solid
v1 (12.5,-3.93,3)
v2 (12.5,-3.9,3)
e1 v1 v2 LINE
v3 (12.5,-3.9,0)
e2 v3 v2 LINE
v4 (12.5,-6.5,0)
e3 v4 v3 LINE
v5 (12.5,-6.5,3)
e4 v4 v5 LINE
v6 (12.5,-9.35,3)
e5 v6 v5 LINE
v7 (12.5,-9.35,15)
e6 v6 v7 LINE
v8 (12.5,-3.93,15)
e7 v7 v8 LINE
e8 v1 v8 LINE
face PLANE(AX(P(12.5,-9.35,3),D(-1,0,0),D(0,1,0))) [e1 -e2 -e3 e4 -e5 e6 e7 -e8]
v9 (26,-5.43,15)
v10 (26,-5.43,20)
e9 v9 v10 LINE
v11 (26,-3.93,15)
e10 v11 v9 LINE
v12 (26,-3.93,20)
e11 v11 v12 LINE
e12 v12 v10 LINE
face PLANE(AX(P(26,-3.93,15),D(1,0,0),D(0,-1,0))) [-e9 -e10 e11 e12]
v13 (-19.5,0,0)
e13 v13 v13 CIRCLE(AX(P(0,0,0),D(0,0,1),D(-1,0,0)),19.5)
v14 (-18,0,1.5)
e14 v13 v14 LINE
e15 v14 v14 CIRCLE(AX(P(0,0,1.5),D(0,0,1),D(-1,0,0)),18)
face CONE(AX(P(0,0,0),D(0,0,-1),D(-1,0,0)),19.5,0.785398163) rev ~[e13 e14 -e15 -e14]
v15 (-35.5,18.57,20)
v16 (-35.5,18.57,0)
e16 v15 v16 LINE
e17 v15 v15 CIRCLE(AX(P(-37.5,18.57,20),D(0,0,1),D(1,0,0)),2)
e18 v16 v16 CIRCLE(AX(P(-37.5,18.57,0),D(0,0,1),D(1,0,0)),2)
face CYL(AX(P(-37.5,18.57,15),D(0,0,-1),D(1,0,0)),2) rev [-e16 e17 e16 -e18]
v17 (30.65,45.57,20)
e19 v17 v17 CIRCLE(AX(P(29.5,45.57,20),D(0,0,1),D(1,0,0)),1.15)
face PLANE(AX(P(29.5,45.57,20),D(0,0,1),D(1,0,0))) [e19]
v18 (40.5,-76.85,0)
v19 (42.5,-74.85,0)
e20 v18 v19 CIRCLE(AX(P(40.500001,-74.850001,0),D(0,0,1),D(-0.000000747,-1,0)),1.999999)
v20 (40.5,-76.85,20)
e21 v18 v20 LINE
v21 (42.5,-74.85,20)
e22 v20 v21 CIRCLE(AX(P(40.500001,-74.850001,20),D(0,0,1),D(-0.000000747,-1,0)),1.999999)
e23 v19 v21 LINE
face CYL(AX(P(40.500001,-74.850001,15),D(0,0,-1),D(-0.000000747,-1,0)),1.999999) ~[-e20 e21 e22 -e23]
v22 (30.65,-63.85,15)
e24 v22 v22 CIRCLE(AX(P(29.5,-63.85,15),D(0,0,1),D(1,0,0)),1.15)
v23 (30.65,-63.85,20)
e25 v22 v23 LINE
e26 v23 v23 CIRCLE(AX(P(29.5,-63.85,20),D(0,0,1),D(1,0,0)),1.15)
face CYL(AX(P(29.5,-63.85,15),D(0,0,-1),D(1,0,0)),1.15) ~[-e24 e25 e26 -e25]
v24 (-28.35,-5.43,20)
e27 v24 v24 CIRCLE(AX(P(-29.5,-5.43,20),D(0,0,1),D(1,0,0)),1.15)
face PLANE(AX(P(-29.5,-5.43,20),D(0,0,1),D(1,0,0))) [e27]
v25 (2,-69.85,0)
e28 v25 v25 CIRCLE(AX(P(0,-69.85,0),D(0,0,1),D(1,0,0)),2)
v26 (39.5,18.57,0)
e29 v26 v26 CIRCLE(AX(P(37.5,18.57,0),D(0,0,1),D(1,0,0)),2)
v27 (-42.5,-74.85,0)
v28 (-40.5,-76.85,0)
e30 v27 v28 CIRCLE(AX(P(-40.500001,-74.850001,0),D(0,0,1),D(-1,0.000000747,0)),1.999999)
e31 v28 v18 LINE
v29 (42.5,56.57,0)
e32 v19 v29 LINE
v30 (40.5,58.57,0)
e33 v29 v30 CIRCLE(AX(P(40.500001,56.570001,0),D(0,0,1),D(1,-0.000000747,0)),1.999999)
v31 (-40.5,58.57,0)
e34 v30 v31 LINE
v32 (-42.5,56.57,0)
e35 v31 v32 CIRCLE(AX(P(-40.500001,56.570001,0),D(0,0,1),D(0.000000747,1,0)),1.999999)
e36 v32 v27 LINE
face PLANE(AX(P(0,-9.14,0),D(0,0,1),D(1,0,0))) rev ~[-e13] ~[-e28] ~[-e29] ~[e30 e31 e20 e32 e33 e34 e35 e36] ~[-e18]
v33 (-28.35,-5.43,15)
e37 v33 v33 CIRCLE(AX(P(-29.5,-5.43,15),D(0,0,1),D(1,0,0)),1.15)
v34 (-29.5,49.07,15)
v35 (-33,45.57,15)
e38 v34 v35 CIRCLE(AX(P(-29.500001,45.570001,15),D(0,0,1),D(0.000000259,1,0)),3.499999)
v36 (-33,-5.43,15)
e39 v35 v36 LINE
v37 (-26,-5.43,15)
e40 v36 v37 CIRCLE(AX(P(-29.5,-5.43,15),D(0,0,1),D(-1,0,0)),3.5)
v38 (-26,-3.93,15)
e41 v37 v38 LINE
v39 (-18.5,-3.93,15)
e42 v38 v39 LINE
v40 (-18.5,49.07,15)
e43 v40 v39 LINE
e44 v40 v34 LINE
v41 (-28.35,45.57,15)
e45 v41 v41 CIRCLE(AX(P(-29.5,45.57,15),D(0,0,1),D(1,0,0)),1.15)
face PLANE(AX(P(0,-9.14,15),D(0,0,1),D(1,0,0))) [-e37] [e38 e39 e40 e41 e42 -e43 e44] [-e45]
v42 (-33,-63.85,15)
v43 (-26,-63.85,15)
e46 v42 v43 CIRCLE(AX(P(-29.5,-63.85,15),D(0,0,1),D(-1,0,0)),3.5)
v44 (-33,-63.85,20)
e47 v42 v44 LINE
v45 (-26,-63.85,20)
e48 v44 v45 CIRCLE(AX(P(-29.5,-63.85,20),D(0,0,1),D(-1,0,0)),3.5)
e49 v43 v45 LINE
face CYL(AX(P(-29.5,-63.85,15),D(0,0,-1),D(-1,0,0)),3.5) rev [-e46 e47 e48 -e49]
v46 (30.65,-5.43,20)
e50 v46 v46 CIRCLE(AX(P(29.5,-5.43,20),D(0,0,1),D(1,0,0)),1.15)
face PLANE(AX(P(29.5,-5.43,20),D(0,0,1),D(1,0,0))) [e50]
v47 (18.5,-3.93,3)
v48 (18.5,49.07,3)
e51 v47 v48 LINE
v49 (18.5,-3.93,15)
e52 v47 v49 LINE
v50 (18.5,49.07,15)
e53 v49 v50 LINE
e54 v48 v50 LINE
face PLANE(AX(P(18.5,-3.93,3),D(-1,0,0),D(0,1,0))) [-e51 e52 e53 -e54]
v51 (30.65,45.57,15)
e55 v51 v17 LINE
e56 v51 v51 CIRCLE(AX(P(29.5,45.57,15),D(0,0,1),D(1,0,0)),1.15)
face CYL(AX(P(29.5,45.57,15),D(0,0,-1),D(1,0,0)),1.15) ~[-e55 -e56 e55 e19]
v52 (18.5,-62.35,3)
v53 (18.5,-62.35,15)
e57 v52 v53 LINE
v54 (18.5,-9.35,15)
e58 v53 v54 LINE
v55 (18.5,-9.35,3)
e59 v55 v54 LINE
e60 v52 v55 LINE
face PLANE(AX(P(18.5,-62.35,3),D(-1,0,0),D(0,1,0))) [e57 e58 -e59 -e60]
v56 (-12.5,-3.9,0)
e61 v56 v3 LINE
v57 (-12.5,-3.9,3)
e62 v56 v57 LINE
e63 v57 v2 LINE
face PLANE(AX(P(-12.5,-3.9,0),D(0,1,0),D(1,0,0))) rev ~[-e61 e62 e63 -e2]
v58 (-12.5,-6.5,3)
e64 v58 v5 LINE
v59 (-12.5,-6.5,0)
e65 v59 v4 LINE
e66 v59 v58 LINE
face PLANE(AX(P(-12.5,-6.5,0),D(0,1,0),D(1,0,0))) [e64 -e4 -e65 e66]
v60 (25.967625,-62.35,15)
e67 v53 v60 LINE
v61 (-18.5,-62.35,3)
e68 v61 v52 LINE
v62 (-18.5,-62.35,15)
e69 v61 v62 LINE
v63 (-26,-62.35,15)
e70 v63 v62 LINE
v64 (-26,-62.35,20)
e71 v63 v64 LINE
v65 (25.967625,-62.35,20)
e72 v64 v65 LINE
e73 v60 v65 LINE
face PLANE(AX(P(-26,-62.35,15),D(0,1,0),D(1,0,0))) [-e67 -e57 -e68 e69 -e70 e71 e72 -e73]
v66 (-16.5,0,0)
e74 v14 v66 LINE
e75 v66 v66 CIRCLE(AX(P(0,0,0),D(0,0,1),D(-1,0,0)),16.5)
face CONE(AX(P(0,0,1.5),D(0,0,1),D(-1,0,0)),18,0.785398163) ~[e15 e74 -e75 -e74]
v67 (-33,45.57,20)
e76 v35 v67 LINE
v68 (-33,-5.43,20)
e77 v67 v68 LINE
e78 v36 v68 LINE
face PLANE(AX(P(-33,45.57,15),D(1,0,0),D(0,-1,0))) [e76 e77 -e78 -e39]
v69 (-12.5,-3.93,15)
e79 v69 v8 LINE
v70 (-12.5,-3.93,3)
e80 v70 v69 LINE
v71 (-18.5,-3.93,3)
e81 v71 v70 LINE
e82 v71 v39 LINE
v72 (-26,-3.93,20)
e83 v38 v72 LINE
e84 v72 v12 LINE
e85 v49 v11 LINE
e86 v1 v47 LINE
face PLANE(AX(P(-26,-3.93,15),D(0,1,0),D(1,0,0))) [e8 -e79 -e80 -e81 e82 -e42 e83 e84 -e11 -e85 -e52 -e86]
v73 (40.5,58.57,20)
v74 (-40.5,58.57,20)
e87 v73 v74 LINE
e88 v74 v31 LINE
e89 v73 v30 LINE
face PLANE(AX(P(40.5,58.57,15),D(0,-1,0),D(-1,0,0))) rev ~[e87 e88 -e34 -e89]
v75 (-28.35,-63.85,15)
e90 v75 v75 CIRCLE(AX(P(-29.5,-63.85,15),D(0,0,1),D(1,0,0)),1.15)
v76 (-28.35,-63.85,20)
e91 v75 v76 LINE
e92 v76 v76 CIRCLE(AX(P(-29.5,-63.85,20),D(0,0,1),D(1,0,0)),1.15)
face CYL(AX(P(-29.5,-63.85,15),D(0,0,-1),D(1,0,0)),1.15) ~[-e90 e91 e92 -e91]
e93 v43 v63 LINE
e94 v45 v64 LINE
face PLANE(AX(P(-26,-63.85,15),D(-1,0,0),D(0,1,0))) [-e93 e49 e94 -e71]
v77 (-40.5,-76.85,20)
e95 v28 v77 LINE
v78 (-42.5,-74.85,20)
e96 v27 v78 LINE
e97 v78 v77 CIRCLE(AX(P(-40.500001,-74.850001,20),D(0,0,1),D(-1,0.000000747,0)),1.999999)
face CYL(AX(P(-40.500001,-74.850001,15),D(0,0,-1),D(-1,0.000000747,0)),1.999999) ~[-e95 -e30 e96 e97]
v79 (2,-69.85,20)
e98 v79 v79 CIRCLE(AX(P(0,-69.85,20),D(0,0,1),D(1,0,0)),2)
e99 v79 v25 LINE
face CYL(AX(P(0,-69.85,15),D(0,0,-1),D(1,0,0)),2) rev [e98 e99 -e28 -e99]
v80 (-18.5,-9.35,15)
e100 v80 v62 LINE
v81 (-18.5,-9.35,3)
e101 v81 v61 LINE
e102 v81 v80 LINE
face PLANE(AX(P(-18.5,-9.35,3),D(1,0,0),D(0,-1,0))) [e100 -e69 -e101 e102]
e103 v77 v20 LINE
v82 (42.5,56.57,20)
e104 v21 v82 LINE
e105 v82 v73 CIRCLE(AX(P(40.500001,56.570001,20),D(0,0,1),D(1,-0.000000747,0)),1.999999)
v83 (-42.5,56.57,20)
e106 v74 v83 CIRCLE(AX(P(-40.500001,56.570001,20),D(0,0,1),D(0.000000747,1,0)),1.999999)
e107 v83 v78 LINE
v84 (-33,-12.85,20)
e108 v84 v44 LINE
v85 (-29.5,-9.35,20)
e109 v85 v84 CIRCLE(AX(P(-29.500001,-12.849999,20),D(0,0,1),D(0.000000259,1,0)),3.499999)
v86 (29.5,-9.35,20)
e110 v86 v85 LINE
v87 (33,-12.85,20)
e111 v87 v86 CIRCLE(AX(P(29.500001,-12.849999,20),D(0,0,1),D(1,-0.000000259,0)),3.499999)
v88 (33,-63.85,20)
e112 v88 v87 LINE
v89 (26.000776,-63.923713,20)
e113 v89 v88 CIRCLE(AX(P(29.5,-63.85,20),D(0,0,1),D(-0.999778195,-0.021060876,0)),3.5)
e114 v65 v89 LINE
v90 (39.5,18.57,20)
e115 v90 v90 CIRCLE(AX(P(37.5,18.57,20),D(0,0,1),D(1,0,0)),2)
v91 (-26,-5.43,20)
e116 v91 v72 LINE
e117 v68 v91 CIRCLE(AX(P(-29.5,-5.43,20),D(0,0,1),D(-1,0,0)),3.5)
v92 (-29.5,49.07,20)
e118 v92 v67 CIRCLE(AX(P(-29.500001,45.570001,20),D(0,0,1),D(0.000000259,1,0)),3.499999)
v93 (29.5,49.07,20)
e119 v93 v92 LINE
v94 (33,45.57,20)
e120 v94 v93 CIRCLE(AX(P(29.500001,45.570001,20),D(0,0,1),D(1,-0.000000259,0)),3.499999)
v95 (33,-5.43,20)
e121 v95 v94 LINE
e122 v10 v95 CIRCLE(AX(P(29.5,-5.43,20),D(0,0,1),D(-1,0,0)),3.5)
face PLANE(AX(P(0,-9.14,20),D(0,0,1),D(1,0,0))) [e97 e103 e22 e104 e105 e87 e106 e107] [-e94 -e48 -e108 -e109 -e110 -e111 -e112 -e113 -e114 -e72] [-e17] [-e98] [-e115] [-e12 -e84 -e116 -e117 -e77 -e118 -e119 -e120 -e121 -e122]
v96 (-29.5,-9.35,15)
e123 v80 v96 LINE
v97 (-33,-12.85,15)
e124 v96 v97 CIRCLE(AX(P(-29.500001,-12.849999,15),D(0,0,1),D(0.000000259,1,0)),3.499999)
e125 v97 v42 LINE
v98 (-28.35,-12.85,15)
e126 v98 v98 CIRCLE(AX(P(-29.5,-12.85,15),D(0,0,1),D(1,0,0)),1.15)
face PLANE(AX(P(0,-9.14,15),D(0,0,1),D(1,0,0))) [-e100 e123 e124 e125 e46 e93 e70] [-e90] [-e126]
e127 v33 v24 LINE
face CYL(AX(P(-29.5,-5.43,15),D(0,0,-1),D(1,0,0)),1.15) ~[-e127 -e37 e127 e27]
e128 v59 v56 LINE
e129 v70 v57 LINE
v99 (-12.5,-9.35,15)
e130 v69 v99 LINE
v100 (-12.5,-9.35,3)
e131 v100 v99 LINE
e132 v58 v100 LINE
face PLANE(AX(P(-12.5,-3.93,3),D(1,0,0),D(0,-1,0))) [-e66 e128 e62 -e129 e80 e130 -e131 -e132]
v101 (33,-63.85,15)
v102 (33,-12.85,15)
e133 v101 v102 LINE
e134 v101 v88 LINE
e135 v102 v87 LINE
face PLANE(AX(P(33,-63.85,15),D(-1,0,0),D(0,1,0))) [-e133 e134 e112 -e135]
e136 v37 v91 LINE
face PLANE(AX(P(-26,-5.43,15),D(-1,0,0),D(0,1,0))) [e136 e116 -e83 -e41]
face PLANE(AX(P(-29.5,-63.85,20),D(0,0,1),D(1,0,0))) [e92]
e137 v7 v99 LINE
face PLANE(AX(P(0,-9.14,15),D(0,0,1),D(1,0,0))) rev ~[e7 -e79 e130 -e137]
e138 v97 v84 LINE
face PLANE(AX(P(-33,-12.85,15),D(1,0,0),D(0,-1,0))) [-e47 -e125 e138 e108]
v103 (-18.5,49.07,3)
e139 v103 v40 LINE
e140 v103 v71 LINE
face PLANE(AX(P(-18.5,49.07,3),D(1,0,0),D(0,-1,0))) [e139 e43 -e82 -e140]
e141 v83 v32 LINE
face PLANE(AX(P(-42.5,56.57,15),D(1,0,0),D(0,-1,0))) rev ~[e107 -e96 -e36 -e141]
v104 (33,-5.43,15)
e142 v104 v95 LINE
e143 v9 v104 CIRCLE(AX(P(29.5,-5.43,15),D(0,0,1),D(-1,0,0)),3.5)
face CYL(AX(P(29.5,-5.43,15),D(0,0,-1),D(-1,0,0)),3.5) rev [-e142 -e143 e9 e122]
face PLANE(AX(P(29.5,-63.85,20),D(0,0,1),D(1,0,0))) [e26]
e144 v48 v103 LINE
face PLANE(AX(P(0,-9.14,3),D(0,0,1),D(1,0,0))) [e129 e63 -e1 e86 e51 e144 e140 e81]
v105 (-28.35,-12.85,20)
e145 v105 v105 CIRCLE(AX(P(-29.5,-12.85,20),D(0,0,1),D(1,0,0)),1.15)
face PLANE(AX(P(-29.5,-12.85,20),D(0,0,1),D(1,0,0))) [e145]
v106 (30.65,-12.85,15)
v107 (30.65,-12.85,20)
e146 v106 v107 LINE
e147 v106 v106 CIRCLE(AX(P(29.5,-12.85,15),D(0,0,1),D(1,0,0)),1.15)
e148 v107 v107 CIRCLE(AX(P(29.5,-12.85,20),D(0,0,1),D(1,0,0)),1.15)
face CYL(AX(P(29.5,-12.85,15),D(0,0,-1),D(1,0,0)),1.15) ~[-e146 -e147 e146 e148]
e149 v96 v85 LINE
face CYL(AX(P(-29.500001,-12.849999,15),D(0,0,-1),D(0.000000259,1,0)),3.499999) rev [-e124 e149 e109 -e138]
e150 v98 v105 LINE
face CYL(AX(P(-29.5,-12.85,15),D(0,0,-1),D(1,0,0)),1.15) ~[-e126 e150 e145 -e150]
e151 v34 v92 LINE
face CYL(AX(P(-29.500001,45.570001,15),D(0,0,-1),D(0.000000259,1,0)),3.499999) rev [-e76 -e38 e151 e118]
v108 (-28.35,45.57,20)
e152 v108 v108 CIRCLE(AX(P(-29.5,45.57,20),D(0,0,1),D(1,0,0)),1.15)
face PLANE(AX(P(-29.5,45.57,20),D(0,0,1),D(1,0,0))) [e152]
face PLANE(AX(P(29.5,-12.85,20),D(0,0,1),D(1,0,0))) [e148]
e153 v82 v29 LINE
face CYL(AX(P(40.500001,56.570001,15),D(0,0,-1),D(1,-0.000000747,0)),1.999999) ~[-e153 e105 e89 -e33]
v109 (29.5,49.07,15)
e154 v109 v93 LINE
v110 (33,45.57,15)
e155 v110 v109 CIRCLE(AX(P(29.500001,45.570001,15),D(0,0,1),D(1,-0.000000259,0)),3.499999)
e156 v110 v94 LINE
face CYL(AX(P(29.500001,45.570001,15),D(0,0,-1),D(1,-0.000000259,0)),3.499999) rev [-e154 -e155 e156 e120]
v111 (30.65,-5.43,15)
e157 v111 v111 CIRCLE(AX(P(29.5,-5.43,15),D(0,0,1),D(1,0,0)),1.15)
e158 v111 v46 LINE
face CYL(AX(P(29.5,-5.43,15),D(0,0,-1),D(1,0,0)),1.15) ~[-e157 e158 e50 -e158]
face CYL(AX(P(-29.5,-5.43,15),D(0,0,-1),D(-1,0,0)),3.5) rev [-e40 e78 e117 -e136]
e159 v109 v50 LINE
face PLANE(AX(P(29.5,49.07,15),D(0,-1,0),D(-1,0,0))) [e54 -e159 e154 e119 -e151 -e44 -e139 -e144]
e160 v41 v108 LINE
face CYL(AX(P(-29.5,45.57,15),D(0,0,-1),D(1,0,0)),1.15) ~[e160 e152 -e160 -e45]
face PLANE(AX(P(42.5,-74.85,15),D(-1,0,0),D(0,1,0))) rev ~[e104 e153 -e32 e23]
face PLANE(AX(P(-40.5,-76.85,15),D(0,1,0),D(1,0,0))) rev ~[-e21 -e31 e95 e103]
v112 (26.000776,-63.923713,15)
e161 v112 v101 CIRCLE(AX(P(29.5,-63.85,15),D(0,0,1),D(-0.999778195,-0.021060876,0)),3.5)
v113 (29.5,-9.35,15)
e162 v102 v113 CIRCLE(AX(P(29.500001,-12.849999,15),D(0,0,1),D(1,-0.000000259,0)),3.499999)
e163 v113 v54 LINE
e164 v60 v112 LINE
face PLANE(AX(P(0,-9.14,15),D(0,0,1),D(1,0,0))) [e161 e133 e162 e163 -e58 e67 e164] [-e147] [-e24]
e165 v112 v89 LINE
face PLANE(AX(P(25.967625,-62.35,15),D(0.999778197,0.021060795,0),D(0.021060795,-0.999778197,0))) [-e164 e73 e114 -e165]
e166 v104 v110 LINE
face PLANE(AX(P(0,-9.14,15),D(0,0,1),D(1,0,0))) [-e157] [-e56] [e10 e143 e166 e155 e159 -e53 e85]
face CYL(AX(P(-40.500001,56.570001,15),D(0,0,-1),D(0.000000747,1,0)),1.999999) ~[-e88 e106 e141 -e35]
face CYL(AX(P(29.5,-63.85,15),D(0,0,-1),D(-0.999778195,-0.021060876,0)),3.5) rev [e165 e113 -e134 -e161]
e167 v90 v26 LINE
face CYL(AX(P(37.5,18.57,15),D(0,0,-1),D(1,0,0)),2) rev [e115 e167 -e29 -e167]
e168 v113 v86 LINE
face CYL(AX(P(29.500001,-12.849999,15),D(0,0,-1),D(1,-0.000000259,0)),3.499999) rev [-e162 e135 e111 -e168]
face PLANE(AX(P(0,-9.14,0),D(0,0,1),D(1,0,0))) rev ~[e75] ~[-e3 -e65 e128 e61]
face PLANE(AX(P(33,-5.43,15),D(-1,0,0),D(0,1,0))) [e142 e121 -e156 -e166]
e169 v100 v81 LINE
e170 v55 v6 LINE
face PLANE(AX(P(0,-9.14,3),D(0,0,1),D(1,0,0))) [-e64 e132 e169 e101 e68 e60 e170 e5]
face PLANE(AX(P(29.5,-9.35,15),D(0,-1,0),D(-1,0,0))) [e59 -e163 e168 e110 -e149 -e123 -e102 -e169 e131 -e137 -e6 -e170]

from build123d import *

# Parameters (mm, degrees)
SKETCH_R      = 2
SKETCH_W      = 25
SKETCH_H      = 2.6
PAD_DEPTH     = 3
SKETCH002_R   = 2
PAD001_DEPTH  = 12
SKETCH003_R   = 2
SKETCH003_R_2 = 1.15
PAD002_DEPTH  = 5


with BuildPart() as part:
    # Sketch → Pad (new body)
    with BuildSketch(Plane.XY):
        with BuildLine():
            Line((-42.5, 56.57), (-42.5, -74.85))
            ThreePointArc((-42.5, -74.85), (-41.914214, -76.264214), (-40.5, -76.85))
            Line((-40.5, -76.85), (40.5, -76.85))
            ThreePointArc((40.5, -76.85), (41.914214, -76.264214), (42.5, -74.85))
            Line((42.5, -74.85), (42.5, 56.57))
            ThreePointArc((42.5, 56.57), (41.914214, 57.984214), (40.5, 58.57))
            Line((40.5, 58.57), (-40.5, 58.57))
            ThreePointArc((-40.5, 58.57), (-41.914214, 57.984214), (-42.5, 56.57))
        make_face()
        with Locations((0, -69.85)):
            Circle(SKETCH_R, mode=Mode.SUBTRACT)
        with Locations((37.5, 18.57)):
            Circle(SKETCH_R, mode=Mode.SUBTRACT)
        with Locations((-37.5, 18.57)):
            Circle(SKETCH_R, mode=Mode.SUBTRACT)
        with Locations((0, -5.2)):
            Rectangle(SKETCH_W, SKETCH_H, mode=Mode.SUBTRACT)
    extrude(amount=PAD_DEPTH)

    # Sketch001 → Groove (revolve, cut)
    with BuildSketch(Plane.XZ):
        Polygon((-19.5, 0), (-18, 1.5), (-16.5, 0), align=None)
    revolve(axis=Axis((0, 0, 0), (0, 0, 1)), mode=Mode.SUBTRACT)

    # Sketch002 (on Face5 of Groove) → Pad001 (join)
    with BuildSketch(Plane.XY.offset(3)):
        with BuildLine():
            Line((-42.5, 56.57), (-42.5, -74.85))
            ThreePointArc((-42.5, -74.85), (-41.914214, -76.264214), (-40.5, -76.85))
            Line((-40.5, -76.85), (40.5, -76.85))
            ThreePointArc((40.5, -76.85), (41.914214, -76.264214), (42.5, -74.85))
            Line((42.5, -74.85), (42.5, 56.57))
            ThreePointArc((42.5, 56.57), (41.914214, 57.984214), (40.5, 58.57))
            Line((40.5, 58.57), (-40.5, 58.57))
            ThreePointArc((-40.5, 58.57), (-41.914214, 57.984214), (-42.5, 56.57))
        make_face()
        with Locations((-37.5, 18.57)):
            Circle(SKETCH002_R, mode=Mode.SUBTRACT)
        with Locations((37.5, 18.57)):
            Circle(SKETCH002_R, mode=Mode.SUBTRACT)
        with Locations((0, -69.85)):
            Circle(SKETCH002_R, mode=Mode.SUBTRACT)
        Polygon((-18.5, -62.35), (18.5, -62.35), (18.5, -9.35), (12.5, -9.35), (12.5, -3.93), (18.5, -3.93), (18.5, 49.07), (-18.5, 49.07), (-18.5, -3.93), (-12.5, -3.93), (-12.5, -9.35), (-18.5, -9.35), align=None, mode=Mode.SUBTRACT)
    extrude(amount=PAD001_DEPTH)

    # Sketch003 (on Face17 of Pad001) → Pad002 (join)
    with BuildSketch(Plane.XY.offset(15)):
        with BuildLine():
            Line((-42.5, 56.57), (-42.5, -74.85))
            ThreePointArc((-42.5, -74.85), (-41.914214, -76.264214), (-40.5, -76.85))
            Line((-40.5, -76.85), (40.5, -76.85))
            ThreePointArc((40.5, -76.85), (41.914214, -76.264214), (42.5, -74.85))
            Line((42.5, -74.85), (42.5, 56.57))
            ThreePointArc((42.5, 56.57), (41.914214, 57.984214), (40.5, 58.57))
            Line((40.5, 58.57), (-40.5, 58.57))
            ThreePointArc((-40.5, 58.57), (-41.914214, 57.984214), (-42.5, 56.57))
        make_face()
        with Locations((-37.5, 18.57)):
            Circle(SKETCH003_R, mode=Mode.SUBTRACT)
        with Locations((37.5, 18.57)):
            Circle(SKETCH003_R, mode=Mode.SUBTRACT)
        with Locations((0, -69.85)):
            Circle(SKETCH003_R, mode=Mode.SUBTRACT)
        with BuildLine():
            Line((-33, 45.57), (-33, -5.43))
            ThreePointArc((-33, -5.43), (-29.5, -8.93), (-26, -5.43))
            Line((-26, -5.43), (-26, -3.93))
            Line((-26, -3.93), (26, -3.93))
            Line((26, -3.93), (26, -5.43))
            ThreePointArc((26, -5.43), (29.5, -8.93), (33, -5.43))
            Line((33, -5.43), (33, 45.57))
            ThreePointArc((33, 45.57), (31.974874, 48.044874), (29.5, 49.07))
            Line((29.5, 49.07), (-29.5, 49.07))
            ThreePointArc((-29.5, 49.07), (-31.974874, 48.044874), (-33, 45.57))
        make_face(mode=Mode.SUBTRACT)
        with BuildLine():
            Line((-33, -12.85), (-33, -63.85))
            ThreePointArc((-33, -63.85), (-29.5, -67.35), (-26, -63.85))
            Line((-26, -63.85), (-26, -62.35))
            Line((-26, -62.35), (25.967625, -62.35))
            Line((25.967625, -62.35), (26.000776, -63.923713))
            ThreePointArc((26.000776, -63.923713), (29.536859, -67.349806), (33, -63.85))
            Line((33, -63.85), (33, -12.85))
            ThreePointArc((33, -12.85), (31.974874, -10.375126), (29.5, -9.35))
            Line((29.5, -9.35), (-29.5, -9.35))
            ThreePointArc((-29.5, -9.35), (-31.974874, -10.375126), (-33, -12.85))
        make_face(mode=Mode.SUBTRACT)
        with Locations((-29.5, 45.57)):
            Circle(SKETCH003_R_2)
        with Locations((29.5, 45.57)):
            Circle(SKETCH003_R_2)
        with Locations((-29.5, -5.43)):
            Circle(SKETCH003_R_2)
        with Locations((29.5, -12.85)):
            Circle(SKETCH003_R_2)
        with Locations((29.5, -63.85)):
            Circle(SKETCH003_R_2)
        with Locations((-29.5, -63.85)):
            Circle(SKETCH003_R_2)
        with Locations((-29.5, -12.85)):
            Circle(SKETCH003_R_2)
        with Locations((29.5, -5.43)):
            Circle(SKETCH003_R_2)
    extrude(amount=PAD002_DEPTH)


solid = part.part
